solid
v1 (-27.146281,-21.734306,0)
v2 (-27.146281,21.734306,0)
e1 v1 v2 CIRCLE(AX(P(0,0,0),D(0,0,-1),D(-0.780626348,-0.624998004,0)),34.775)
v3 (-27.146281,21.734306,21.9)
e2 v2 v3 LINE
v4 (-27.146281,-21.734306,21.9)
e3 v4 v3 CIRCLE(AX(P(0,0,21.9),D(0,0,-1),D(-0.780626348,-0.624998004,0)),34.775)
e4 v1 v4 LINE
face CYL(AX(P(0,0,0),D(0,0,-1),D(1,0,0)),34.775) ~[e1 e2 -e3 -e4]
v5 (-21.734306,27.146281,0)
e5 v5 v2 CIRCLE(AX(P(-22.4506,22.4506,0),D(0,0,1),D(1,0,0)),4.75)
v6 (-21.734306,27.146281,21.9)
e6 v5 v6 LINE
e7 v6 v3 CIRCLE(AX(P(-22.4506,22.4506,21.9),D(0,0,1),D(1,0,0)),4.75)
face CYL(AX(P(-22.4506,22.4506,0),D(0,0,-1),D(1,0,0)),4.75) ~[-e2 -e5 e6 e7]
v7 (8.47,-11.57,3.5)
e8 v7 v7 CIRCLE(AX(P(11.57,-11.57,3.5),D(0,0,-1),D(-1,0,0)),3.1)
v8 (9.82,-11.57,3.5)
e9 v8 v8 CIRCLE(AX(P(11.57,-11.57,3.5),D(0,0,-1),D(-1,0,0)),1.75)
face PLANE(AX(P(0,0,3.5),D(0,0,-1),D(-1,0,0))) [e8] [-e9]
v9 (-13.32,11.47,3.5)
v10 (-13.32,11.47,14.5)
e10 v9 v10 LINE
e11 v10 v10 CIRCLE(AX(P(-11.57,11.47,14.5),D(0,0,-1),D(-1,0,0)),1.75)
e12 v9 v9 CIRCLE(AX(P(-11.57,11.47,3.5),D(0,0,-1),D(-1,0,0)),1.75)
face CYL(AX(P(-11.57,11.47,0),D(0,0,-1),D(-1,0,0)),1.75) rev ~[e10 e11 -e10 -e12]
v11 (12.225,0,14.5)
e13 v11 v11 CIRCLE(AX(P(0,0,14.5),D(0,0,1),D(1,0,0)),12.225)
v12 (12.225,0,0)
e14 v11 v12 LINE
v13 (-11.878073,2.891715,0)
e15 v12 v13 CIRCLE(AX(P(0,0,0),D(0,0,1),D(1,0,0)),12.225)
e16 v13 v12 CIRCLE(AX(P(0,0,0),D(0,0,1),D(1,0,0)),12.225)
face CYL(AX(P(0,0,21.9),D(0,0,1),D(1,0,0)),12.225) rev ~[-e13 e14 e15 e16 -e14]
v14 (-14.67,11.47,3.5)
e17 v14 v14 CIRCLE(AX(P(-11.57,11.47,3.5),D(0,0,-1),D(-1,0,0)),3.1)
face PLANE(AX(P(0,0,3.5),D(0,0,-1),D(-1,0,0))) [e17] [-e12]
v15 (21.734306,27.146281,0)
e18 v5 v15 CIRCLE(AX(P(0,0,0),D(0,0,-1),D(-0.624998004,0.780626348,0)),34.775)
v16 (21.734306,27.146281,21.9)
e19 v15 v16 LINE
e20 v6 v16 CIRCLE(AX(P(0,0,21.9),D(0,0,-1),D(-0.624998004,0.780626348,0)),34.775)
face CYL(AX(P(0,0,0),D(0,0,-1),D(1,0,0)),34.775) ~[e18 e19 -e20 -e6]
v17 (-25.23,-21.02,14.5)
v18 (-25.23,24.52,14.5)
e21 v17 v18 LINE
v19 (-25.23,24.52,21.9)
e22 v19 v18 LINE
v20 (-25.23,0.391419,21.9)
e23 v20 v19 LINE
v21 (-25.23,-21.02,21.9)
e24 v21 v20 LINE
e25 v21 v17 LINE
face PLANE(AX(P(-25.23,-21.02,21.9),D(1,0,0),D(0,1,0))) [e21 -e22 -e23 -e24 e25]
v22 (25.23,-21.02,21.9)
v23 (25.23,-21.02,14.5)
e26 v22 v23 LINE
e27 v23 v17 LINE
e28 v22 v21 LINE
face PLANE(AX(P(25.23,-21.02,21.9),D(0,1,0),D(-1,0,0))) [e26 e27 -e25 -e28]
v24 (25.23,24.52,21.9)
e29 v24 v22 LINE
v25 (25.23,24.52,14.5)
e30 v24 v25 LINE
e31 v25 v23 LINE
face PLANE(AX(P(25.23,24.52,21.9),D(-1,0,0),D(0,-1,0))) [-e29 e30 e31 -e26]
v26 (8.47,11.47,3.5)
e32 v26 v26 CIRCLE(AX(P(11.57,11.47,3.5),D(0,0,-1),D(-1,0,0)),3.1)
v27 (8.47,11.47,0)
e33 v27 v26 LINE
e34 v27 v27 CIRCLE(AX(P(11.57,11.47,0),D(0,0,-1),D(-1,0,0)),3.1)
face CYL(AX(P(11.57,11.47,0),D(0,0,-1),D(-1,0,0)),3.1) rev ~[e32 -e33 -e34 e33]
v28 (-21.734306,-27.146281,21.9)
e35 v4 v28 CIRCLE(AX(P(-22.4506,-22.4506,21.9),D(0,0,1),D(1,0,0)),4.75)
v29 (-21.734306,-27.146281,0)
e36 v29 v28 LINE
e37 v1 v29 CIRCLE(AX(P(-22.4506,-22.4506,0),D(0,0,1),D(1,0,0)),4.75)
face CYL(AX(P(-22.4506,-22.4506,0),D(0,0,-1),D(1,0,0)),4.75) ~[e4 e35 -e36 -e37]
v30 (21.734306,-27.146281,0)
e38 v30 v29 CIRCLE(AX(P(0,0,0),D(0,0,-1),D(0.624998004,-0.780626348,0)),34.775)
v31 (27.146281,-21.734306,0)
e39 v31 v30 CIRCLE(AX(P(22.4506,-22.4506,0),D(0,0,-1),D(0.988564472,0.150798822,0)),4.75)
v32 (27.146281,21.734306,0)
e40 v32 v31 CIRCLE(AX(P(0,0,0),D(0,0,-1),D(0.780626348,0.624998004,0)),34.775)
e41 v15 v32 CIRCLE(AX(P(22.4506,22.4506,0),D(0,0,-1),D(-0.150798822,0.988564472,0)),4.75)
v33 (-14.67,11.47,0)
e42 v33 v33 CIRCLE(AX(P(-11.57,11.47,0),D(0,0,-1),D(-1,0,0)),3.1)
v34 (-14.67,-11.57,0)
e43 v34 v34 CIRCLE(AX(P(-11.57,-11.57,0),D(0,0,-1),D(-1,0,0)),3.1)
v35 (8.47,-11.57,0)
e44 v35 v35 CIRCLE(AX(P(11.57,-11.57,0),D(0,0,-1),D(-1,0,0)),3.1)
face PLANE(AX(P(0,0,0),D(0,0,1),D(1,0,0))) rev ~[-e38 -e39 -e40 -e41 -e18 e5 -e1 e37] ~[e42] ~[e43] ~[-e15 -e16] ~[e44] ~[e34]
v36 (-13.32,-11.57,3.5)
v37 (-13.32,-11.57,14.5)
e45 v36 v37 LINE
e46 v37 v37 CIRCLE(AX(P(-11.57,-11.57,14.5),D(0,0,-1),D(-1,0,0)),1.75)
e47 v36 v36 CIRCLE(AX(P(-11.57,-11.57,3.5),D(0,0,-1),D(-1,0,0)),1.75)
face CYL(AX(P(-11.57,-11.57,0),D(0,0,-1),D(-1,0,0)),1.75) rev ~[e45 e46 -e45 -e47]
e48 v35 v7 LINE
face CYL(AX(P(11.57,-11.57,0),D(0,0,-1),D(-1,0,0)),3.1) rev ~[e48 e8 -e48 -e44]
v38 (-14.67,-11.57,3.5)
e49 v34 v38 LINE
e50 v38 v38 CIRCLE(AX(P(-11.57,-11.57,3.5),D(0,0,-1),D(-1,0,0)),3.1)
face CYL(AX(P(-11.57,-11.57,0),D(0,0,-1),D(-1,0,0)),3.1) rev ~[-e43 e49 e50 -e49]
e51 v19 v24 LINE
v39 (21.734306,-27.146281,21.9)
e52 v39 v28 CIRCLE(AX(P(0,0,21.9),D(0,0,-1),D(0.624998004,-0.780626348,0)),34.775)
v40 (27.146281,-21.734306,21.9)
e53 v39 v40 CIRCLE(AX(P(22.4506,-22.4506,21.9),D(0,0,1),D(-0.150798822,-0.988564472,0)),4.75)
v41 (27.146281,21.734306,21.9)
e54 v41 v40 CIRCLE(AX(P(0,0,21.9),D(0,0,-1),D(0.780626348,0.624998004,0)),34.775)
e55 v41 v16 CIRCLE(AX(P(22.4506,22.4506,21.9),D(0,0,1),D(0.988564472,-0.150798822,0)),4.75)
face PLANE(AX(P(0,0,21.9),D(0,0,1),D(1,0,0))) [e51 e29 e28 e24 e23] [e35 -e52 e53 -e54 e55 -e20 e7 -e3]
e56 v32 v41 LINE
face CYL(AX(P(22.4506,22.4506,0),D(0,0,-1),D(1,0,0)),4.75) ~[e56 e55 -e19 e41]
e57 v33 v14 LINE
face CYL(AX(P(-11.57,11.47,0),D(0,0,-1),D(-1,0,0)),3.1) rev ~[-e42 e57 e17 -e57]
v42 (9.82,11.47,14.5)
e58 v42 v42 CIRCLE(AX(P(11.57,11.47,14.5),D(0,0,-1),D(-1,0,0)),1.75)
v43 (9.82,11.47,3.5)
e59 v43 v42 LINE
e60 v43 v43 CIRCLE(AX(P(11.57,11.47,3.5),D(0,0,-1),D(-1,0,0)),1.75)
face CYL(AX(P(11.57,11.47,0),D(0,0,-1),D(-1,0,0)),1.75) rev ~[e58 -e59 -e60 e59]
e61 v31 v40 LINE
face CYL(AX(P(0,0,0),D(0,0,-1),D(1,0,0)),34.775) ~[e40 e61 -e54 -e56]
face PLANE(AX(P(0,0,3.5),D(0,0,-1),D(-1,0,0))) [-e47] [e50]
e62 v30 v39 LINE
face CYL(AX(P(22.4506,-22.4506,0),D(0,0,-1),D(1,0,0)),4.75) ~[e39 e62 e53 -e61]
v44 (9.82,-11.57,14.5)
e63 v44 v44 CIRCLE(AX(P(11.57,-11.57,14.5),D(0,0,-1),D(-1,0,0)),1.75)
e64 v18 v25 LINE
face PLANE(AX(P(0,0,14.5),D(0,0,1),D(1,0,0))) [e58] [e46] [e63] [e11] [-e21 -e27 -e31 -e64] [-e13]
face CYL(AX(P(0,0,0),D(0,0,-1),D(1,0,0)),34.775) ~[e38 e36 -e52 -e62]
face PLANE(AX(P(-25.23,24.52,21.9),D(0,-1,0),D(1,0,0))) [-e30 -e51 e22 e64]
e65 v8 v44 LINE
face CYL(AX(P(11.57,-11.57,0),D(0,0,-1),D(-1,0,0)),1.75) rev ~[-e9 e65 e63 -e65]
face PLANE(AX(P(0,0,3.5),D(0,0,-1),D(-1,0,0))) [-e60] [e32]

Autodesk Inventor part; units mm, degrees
ref_plane "YZ Plane" through (0, 0, 0) normal (1, 0, 0) x (0, 1, 0)
ref_plane "XZ Plane" through (0, 0, 0) normal (0, 1, 0) x (-1, 0, 0)
ref_plane "XY Plane" through (0, 0, 0) normal (0, 0, 1) x (1, 0, 0)
sketch "Sketch1" plane through (0, 0, 0) normal (0, 0, 1) x (1, 0, 0)
  circle A0 centre (0, 0) radius 11.25
  circle A1 centre (0, 0) radius 37.0304
  arc A2 (-32.7929, -17.201) -> (-31.2929, -19.799) centre (0, 0) ccw
  line L0 (-32.7929, -17.201) -> (-31.0547, -16.1974)
  line L1 (-32.7929, -17.201) -> (-31.0547, -16.1974)
  line L2 (-29.5547, -18.7955) -> (-31.2929, -19.799)
  line L3 (-31.2929, -19.799) -> (-29.5547, -18.7955)
  line L4 (-16.1974, -31.0547) -> (-17.201, -32.7929)
  line L5 (-17.201, -32.7929) -> (-16.1974, -31.0547)
  arc A3 (-19.799, -31.2929) -> (-17.201, -32.7929) centre (0, 0) ccw
  line L6 (-19.799, -31.2929) -> (-18.7955, -29.5547)
  line L7 (-19.799, -31.2929) -> (-18.7955, -29.5547)
  arc A4 (17.201, -32.7929) -> (19.799, -31.2929) centre (0, 0) ccw
  line L8 (17.201, -32.7929) -> (16.1974, -31.0547)
  line L9 (17.201, -32.7929) -> (16.1974, -31.0547)
  line L10 (18.7955, -29.5547) -> (19.799, -31.2929)
  line L11 (19.799, -31.2929) -> (18.7955, -29.5547)
  arc A5 (31.2929, -19.799) -> (32.7929, -17.201) centre (0, 0) ccw
  line L12 (31.2929, -19.799) -> (29.5547, -18.7955)
  line L13 (31.0547, -16.1974) -> (32.7929, -17.201)
  line L14 (32.7929, -17.201) -> (31.0547, -16.1974)
  line L15 (32.7929, 17.201) -> (31.0547, 16.1974)
  line L16 (32.7929, 17.201) -> (31.0547, 16.1974)
  arc A6 (32.7929, 17.201) -> (31.2929, 19.799) centre (0, 0) ccw
  line L17 (29.5547, 18.7955) -> (31.2929, 19.799)
  line L18 (31.2929, 19.799) -> (29.5547, 18.7955)
  line L19 (16.1974, 31.0547) -> (17.201, 32.7929)
  line L20 (17.201, 32.7929) -> (16.1974, 31.0547)
  line L21 (19.799, 31.2929) -> (18.7955, 29.5547)
  line L22 (19.799, 31.2929) -> (18.7955, 29.5547)
  line L23 (-17.201, 32.7929) -> (-16.1974, 31.0547)
  line L24 (-17.201, 32.7929) -> (-16.1974, 31.0547)
  line L25 (-18.7955, 29.5547) -> (-19.799, 31.2929)
  line L26 (-19.799, 31.2929) -> (-18.7955, 29.5547)
  arc A7 (-31.2929, 19.799) -> (-32.7929, 17.201) centre (0, 0) ccw
  line L27 (-31.2929, 19.799) -> (-29.5547, 18.7955)
  line L28 (-31.2929, 19.799) -> (-29.5547, 18.7955)
  line L29 (-31.0547, 16.1974) -> (-32.7929, 17.201)
  line L30 (-32.7929, 17.201) -> (-31.0547, 16.1974)
  arc A8 (-21.806, -27.4089) -> (-27.4089, -21.806) centre (-22.4506, -22.4506) ccw
  circle A9 centre (-31.75, 0) radius 5
  arc A10 (-3.9618, 34.8002) -> (-2.3096, 31.8679) centre (-22.4506, 22.4506) ccw
  circle A11 centre (-22.4506, 22.4506) radius 5
  circle A12 centre (22.4506, 22.4506) radius 5
  circle A13 centre (22.4506, 22.4506) radius 5
  arc A14 (-3.9618, -34.8002) -> (-1.7951, -38.6456) centre (22.4506, -22.4506) ccw
  circle A15 centre (22.4506, -22.4506) radius 5
  circle A16 centre (-22.4506, 22.4506) radius 4.75
  circle A17 centre (-22.4506, -22.4506) radius 4.75
  circle A18 centre (22.4506, -22.4506) radius 4.75
  circle A19 centre (22.4506, 22.4506) radius 4.75
  circle A20 centre (0, 0) radius 34.775
  circle A21 centre (0, 0) radius 36.75
  point P0 (0, 0)
  point P1 (0, 49.75)
  point P2 (27.1463, 21.7343)
  point P3 (21.7343, 27.1463)
  point P4 (-21.7343, 27.1463)
  point P5 (-27.1463, 21.7343)
  point P6 (-27.1463, -21.7343)
  point P7 (-21.7343, -27.1463)
  point P8 (21.7343, -27.1463)
  point P9 (27.1463, -21.7343)
  dimension "d6" = 70.05
  dimension "d8" = 74.0608
  dimension "d0" = 10
  dimension "d1" = 0.25
  dimension "d4" = 360
  dimension "d7" = 0.25
  dimension "d9" = 73.5
extrude "Extrusion1" add sketch "Sketch1" along normal blind 21.9 contours A0 A10 | A9 A20 A11 A12 A15 A8 | A9 A20 A10 | A10 A20 A9 | A10 A0 | A20 A16 A11 | A8 A20 A17 | A20 A16 | A16 A20 | A20 A17 | A17 A20 | A15 A20 A18 | A20 A19 A12 | A20 A18 | A18 A20 | A20 A19 | A19 A20 picked at (-31.3962, -1.5997) picked at (-30.2693, 2.6951) picked at (-26.6756, 20.1619) picked at (20.1869, -26.6901) picked at (20.1869, 26.6901)
sketch "Skizze6" plane through (0, 0, 21.9) normal (0, 0, 1) x (1, 0, 0)
  circle A0 centre (0, 0) radius 12.225
  dimension "d33" = 24.45
extrude "Extrusion6" cut sketch "Skizze6" against normal through all
sketch "Skizze7" plane through (0, 0, 21.9) normal (0, 0, 1) x (1, 0, 0)
  line L0 (0, 0) -> (0, 1.75)
  line L1 (-25.23, 24.52) -> (25.23, 24.52)
  line L2 (25.23, 24.52) -> (25.23, -21.02)
  line L3 (25.23, -21.02) -> (-25.23, -21.02)
  line L4 (-25.23, -21.02) -> (-25.23, 24.52)
  line L5 (-25.23, 24.52) -> (25.23, -21.02) construction
  line L6 (25.23, 24.52) -> (-25.23, -21.02) construction
  dimension "d48" = 1.75
  dimension "d49" = 50.46
  dimension "d50" = 45.54
extrude "Extrusion7" cut sketch "Skizze7" against normal blind 7.4
sketch "Skizze8" plane through (0, 0, 0) normal (0, 0, -1) x (-1, 0, 0)
  circle A0 centre (0, 0) radius 12.225 projected
  line L0 (-11.57, 11.47) -> (11.57, 11.47)
  line L1 (11.57, 11.57) -> (11.57, -11.57)
  line L2 (11.57, -11.57) -> (-11.57, -11.57)
  line L3 (-11.57, -11.57) -> (-11.57, 11.57)
  line L4 (-11.57, 11.57) -> (11.57, -11.57) construction
  line L5 (11.57, 11.57) -> (-11.57, -11.57) construction
  circle A1 centre (-11.57, 11.47) radius 1.75
  circle A2 centre (11.57, 11.47) radius 1.75
  circle A3 centre (11.57, -11.57) radius 1.75
  circle A4 centre (-11.57, -11.57) radius 1.75
  dimension "d40" = 23.14
  dimension "d41" = 23.14
  dimension "d42" = 3.5
  dimension "d43" = 3.5
  dimension "d44" = 3.5
  dimension "d45" = 3.5
extrude "Extrusion8" cut sketch "Skizze8" against normal through all contours A2 L0 L1 | L1 L0 A2 | A3 L2 L1 | L1 L2 A3 | A1 L3 L0 | L0 L3 A1 | A4 L3 L2 | L2 L3 A4
sketch "Skizze9" plane through (0, 0, 0) normal (0, 0, -1) x (-1, 0, 0)
  circle A0 centre (-11.57, 11.47) radius 1.75 projected
  circle A1 centre (11.57, 11.47) radius 1.75 projected
  circle A2 centre (11.57, -11.57) radius 1.75 projected
  circle A3 centre (-11.57, -11.57) radius 1.75 projected
  circle A4 centre (-11.57, 11.47) radius 3.1
  circle A5 centre (11.57, 11.47) radius 3.1
  circle A6 centre (11.57, -11.57) radius 3.1
  circle A7 centre (-11.57, -11.57) radius 3.1
  point P0 (0, 0)
  dimension "d51" = 6.2
  dimension "d52" = 6.2
  dimension "d53" = 6.2
  dimension "d54" = 6.2
extrude "Extrusion9" cut sketch "Skizze9" against normal blind 3.5 contours A0 | A1 | A2 | A3 | A4 | A5 | A6 | A7
properties part number "2024_08_26_beam_combiner_blende"
